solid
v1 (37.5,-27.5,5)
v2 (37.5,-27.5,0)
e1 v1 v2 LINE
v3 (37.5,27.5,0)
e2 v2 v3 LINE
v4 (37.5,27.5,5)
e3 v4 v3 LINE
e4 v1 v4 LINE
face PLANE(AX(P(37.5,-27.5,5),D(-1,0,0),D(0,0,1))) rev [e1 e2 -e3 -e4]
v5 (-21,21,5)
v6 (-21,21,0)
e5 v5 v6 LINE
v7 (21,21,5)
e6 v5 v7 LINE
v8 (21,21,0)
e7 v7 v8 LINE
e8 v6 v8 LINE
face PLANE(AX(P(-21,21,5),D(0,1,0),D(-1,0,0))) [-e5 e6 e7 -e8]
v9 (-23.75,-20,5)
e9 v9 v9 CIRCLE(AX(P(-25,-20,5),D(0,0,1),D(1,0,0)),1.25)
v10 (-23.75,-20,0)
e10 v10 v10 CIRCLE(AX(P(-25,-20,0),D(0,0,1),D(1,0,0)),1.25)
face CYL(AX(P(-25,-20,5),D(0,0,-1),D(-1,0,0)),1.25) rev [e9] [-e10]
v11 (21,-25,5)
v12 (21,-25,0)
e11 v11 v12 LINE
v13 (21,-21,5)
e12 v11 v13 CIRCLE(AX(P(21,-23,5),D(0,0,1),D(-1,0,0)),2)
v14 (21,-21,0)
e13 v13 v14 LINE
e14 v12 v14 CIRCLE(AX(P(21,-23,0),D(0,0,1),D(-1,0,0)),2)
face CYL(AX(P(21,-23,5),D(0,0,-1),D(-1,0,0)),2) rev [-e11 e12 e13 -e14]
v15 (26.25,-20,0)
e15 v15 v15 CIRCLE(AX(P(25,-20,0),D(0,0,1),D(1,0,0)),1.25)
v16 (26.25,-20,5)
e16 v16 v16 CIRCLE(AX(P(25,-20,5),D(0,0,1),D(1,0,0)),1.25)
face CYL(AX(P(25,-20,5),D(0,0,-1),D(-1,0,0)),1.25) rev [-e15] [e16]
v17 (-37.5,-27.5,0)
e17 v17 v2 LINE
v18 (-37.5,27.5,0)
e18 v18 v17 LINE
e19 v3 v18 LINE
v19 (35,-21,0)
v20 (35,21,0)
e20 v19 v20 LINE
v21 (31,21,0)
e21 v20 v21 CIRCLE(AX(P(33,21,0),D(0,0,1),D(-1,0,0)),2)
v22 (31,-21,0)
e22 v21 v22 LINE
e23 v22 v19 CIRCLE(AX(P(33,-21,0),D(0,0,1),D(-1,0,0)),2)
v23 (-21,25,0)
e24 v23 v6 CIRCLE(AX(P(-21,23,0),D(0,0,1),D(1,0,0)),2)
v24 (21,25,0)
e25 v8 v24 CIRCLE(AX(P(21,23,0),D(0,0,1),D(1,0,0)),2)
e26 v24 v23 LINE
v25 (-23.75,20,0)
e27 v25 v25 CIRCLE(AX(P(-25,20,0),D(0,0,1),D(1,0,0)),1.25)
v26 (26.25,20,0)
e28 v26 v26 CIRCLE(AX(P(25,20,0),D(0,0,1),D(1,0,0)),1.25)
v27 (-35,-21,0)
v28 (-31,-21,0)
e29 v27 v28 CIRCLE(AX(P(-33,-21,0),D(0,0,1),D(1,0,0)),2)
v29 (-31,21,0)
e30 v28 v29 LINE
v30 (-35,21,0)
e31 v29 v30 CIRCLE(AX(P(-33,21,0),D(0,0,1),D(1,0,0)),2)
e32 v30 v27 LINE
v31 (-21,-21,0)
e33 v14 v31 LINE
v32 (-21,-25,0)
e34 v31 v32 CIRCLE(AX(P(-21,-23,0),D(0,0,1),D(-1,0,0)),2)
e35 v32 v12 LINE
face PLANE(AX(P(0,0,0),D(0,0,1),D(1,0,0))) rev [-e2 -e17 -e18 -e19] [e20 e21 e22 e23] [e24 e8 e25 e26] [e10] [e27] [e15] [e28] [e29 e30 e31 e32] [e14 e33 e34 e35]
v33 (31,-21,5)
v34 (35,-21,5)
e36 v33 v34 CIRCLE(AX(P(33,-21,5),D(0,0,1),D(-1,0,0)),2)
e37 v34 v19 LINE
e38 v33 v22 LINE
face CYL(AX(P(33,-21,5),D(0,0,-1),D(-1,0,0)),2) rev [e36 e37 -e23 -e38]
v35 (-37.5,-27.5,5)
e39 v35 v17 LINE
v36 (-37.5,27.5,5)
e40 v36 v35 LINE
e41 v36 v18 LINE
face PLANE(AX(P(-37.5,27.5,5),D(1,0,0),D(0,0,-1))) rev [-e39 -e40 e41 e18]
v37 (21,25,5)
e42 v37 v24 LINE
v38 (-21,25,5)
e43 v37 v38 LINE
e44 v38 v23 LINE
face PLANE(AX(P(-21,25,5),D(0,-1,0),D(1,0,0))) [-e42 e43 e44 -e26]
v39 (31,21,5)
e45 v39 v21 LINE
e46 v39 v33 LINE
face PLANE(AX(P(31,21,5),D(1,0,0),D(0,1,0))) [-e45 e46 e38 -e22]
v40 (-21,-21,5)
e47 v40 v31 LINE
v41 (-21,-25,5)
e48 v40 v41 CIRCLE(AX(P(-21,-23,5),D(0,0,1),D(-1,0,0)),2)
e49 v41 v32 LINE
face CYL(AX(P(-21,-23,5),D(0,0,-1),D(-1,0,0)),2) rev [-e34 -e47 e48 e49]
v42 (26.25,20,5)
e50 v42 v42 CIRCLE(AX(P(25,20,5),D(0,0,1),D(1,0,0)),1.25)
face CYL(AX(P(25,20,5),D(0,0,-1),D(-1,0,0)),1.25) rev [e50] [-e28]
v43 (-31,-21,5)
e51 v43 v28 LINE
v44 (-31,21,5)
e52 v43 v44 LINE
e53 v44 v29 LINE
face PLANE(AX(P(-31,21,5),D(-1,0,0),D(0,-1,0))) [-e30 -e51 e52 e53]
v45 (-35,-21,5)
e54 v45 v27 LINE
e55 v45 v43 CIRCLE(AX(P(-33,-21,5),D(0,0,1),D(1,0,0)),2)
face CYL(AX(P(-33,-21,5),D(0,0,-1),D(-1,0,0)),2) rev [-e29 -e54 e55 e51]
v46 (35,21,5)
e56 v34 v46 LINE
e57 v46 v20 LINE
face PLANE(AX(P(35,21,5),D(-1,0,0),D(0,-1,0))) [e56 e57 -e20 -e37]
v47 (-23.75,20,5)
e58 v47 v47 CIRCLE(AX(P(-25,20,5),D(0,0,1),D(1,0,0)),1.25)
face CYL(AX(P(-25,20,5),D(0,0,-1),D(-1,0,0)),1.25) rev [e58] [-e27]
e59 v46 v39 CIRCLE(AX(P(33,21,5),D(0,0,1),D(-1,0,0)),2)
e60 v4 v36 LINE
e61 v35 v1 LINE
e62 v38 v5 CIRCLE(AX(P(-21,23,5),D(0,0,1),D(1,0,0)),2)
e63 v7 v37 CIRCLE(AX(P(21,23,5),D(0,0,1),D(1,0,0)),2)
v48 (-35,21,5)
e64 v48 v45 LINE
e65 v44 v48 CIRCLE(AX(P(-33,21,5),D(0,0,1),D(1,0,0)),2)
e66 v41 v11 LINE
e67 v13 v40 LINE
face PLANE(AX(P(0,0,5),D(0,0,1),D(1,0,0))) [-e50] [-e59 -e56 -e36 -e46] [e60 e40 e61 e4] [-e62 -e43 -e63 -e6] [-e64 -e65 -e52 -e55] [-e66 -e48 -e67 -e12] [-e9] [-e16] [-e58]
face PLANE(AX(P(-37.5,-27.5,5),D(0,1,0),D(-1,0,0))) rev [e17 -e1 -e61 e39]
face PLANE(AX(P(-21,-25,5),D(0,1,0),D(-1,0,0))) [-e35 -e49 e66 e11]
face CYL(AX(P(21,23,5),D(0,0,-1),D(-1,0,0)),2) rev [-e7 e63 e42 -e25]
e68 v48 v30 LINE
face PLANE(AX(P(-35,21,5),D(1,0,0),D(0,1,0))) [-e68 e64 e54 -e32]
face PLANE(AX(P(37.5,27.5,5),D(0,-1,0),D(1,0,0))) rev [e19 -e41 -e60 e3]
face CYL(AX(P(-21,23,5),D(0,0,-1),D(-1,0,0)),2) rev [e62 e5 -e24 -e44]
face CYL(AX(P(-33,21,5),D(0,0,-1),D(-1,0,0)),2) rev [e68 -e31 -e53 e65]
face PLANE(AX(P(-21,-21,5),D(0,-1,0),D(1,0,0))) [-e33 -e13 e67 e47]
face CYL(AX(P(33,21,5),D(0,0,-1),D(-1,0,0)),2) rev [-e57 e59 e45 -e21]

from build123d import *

# Parameters (mm, degrees)
SKETCH1_W           = 75
SKETCH1_H           = 55
SKETCH1_R           = 1.25
BOSS_EXTRUDE1_DEPTH = 5


with BuildPart() as part:
    # Sketch1 → Boss-Extrude1 (new body)
    with BuildSketch(Plane.XY):
        Rectangle(SKETCH1_W, SKETCH1_H)
        with Locations((-25, 20)):
            Circle(SKETCH1_R, mode=Mode.SUBTRACT)
        with Locations((25, 20)):
            Circle(SKETCH1_R, mode=Mode.SUBTRACT)
        with Locations((25, -20)):
            Circle(SKETCH1_R, mode=Mode.SUBTRACT)
        with Locations((-25, -20)):
            Circle(SKETCH1_R, mode=Mode.SUBTRACT)
        with BuildLine():
            Line((-21, 25), (21, 25))
            ThreePointArc((21, 25), (23, 23), (21, 21))
            Line((21, 21), (-21, 21))
            ThreePointArc((-21, 21), (-23, 23), (-21, 25))
        make_face(mode=Mode.SUBTRACT)
        with BuildLine():
            Line((-21, -25), (21, -25))
            ThreePointArc((21, -25), (23, -23), (21, -21))
            Line((21, -21), (-21, -21))
            ThreePointArc((-21, -21), (-23, -23), (-21, -25))
        make_face(mode=Mode.SUBTRACT)
        with BuildLine():
            Line((-31, 21), (-31, -21))
            ThreePointArc((-31, -21), (-33, -23), (-35, -21))
            Line((-35, -21), (-35, 21))
            ThreePointArc((-35, 21), (-33, 23), (-31, 21))
        make_face(mode=Mode.SUBTRACT)
        with BuildLine():
            Line((31, 21), (31, -21))
            ThreePointArc((31, -21), (33, -23), (35, -21))
            Line((35, -21), (35, 21))
            ThreePointArc((35, 21), (33, 23), (31, 21))
        make_face(mode=Mode.SUBTRACT)
    extrude(amount=BOSS_EXTRUDE1_DEPTH)


solid = part.part
